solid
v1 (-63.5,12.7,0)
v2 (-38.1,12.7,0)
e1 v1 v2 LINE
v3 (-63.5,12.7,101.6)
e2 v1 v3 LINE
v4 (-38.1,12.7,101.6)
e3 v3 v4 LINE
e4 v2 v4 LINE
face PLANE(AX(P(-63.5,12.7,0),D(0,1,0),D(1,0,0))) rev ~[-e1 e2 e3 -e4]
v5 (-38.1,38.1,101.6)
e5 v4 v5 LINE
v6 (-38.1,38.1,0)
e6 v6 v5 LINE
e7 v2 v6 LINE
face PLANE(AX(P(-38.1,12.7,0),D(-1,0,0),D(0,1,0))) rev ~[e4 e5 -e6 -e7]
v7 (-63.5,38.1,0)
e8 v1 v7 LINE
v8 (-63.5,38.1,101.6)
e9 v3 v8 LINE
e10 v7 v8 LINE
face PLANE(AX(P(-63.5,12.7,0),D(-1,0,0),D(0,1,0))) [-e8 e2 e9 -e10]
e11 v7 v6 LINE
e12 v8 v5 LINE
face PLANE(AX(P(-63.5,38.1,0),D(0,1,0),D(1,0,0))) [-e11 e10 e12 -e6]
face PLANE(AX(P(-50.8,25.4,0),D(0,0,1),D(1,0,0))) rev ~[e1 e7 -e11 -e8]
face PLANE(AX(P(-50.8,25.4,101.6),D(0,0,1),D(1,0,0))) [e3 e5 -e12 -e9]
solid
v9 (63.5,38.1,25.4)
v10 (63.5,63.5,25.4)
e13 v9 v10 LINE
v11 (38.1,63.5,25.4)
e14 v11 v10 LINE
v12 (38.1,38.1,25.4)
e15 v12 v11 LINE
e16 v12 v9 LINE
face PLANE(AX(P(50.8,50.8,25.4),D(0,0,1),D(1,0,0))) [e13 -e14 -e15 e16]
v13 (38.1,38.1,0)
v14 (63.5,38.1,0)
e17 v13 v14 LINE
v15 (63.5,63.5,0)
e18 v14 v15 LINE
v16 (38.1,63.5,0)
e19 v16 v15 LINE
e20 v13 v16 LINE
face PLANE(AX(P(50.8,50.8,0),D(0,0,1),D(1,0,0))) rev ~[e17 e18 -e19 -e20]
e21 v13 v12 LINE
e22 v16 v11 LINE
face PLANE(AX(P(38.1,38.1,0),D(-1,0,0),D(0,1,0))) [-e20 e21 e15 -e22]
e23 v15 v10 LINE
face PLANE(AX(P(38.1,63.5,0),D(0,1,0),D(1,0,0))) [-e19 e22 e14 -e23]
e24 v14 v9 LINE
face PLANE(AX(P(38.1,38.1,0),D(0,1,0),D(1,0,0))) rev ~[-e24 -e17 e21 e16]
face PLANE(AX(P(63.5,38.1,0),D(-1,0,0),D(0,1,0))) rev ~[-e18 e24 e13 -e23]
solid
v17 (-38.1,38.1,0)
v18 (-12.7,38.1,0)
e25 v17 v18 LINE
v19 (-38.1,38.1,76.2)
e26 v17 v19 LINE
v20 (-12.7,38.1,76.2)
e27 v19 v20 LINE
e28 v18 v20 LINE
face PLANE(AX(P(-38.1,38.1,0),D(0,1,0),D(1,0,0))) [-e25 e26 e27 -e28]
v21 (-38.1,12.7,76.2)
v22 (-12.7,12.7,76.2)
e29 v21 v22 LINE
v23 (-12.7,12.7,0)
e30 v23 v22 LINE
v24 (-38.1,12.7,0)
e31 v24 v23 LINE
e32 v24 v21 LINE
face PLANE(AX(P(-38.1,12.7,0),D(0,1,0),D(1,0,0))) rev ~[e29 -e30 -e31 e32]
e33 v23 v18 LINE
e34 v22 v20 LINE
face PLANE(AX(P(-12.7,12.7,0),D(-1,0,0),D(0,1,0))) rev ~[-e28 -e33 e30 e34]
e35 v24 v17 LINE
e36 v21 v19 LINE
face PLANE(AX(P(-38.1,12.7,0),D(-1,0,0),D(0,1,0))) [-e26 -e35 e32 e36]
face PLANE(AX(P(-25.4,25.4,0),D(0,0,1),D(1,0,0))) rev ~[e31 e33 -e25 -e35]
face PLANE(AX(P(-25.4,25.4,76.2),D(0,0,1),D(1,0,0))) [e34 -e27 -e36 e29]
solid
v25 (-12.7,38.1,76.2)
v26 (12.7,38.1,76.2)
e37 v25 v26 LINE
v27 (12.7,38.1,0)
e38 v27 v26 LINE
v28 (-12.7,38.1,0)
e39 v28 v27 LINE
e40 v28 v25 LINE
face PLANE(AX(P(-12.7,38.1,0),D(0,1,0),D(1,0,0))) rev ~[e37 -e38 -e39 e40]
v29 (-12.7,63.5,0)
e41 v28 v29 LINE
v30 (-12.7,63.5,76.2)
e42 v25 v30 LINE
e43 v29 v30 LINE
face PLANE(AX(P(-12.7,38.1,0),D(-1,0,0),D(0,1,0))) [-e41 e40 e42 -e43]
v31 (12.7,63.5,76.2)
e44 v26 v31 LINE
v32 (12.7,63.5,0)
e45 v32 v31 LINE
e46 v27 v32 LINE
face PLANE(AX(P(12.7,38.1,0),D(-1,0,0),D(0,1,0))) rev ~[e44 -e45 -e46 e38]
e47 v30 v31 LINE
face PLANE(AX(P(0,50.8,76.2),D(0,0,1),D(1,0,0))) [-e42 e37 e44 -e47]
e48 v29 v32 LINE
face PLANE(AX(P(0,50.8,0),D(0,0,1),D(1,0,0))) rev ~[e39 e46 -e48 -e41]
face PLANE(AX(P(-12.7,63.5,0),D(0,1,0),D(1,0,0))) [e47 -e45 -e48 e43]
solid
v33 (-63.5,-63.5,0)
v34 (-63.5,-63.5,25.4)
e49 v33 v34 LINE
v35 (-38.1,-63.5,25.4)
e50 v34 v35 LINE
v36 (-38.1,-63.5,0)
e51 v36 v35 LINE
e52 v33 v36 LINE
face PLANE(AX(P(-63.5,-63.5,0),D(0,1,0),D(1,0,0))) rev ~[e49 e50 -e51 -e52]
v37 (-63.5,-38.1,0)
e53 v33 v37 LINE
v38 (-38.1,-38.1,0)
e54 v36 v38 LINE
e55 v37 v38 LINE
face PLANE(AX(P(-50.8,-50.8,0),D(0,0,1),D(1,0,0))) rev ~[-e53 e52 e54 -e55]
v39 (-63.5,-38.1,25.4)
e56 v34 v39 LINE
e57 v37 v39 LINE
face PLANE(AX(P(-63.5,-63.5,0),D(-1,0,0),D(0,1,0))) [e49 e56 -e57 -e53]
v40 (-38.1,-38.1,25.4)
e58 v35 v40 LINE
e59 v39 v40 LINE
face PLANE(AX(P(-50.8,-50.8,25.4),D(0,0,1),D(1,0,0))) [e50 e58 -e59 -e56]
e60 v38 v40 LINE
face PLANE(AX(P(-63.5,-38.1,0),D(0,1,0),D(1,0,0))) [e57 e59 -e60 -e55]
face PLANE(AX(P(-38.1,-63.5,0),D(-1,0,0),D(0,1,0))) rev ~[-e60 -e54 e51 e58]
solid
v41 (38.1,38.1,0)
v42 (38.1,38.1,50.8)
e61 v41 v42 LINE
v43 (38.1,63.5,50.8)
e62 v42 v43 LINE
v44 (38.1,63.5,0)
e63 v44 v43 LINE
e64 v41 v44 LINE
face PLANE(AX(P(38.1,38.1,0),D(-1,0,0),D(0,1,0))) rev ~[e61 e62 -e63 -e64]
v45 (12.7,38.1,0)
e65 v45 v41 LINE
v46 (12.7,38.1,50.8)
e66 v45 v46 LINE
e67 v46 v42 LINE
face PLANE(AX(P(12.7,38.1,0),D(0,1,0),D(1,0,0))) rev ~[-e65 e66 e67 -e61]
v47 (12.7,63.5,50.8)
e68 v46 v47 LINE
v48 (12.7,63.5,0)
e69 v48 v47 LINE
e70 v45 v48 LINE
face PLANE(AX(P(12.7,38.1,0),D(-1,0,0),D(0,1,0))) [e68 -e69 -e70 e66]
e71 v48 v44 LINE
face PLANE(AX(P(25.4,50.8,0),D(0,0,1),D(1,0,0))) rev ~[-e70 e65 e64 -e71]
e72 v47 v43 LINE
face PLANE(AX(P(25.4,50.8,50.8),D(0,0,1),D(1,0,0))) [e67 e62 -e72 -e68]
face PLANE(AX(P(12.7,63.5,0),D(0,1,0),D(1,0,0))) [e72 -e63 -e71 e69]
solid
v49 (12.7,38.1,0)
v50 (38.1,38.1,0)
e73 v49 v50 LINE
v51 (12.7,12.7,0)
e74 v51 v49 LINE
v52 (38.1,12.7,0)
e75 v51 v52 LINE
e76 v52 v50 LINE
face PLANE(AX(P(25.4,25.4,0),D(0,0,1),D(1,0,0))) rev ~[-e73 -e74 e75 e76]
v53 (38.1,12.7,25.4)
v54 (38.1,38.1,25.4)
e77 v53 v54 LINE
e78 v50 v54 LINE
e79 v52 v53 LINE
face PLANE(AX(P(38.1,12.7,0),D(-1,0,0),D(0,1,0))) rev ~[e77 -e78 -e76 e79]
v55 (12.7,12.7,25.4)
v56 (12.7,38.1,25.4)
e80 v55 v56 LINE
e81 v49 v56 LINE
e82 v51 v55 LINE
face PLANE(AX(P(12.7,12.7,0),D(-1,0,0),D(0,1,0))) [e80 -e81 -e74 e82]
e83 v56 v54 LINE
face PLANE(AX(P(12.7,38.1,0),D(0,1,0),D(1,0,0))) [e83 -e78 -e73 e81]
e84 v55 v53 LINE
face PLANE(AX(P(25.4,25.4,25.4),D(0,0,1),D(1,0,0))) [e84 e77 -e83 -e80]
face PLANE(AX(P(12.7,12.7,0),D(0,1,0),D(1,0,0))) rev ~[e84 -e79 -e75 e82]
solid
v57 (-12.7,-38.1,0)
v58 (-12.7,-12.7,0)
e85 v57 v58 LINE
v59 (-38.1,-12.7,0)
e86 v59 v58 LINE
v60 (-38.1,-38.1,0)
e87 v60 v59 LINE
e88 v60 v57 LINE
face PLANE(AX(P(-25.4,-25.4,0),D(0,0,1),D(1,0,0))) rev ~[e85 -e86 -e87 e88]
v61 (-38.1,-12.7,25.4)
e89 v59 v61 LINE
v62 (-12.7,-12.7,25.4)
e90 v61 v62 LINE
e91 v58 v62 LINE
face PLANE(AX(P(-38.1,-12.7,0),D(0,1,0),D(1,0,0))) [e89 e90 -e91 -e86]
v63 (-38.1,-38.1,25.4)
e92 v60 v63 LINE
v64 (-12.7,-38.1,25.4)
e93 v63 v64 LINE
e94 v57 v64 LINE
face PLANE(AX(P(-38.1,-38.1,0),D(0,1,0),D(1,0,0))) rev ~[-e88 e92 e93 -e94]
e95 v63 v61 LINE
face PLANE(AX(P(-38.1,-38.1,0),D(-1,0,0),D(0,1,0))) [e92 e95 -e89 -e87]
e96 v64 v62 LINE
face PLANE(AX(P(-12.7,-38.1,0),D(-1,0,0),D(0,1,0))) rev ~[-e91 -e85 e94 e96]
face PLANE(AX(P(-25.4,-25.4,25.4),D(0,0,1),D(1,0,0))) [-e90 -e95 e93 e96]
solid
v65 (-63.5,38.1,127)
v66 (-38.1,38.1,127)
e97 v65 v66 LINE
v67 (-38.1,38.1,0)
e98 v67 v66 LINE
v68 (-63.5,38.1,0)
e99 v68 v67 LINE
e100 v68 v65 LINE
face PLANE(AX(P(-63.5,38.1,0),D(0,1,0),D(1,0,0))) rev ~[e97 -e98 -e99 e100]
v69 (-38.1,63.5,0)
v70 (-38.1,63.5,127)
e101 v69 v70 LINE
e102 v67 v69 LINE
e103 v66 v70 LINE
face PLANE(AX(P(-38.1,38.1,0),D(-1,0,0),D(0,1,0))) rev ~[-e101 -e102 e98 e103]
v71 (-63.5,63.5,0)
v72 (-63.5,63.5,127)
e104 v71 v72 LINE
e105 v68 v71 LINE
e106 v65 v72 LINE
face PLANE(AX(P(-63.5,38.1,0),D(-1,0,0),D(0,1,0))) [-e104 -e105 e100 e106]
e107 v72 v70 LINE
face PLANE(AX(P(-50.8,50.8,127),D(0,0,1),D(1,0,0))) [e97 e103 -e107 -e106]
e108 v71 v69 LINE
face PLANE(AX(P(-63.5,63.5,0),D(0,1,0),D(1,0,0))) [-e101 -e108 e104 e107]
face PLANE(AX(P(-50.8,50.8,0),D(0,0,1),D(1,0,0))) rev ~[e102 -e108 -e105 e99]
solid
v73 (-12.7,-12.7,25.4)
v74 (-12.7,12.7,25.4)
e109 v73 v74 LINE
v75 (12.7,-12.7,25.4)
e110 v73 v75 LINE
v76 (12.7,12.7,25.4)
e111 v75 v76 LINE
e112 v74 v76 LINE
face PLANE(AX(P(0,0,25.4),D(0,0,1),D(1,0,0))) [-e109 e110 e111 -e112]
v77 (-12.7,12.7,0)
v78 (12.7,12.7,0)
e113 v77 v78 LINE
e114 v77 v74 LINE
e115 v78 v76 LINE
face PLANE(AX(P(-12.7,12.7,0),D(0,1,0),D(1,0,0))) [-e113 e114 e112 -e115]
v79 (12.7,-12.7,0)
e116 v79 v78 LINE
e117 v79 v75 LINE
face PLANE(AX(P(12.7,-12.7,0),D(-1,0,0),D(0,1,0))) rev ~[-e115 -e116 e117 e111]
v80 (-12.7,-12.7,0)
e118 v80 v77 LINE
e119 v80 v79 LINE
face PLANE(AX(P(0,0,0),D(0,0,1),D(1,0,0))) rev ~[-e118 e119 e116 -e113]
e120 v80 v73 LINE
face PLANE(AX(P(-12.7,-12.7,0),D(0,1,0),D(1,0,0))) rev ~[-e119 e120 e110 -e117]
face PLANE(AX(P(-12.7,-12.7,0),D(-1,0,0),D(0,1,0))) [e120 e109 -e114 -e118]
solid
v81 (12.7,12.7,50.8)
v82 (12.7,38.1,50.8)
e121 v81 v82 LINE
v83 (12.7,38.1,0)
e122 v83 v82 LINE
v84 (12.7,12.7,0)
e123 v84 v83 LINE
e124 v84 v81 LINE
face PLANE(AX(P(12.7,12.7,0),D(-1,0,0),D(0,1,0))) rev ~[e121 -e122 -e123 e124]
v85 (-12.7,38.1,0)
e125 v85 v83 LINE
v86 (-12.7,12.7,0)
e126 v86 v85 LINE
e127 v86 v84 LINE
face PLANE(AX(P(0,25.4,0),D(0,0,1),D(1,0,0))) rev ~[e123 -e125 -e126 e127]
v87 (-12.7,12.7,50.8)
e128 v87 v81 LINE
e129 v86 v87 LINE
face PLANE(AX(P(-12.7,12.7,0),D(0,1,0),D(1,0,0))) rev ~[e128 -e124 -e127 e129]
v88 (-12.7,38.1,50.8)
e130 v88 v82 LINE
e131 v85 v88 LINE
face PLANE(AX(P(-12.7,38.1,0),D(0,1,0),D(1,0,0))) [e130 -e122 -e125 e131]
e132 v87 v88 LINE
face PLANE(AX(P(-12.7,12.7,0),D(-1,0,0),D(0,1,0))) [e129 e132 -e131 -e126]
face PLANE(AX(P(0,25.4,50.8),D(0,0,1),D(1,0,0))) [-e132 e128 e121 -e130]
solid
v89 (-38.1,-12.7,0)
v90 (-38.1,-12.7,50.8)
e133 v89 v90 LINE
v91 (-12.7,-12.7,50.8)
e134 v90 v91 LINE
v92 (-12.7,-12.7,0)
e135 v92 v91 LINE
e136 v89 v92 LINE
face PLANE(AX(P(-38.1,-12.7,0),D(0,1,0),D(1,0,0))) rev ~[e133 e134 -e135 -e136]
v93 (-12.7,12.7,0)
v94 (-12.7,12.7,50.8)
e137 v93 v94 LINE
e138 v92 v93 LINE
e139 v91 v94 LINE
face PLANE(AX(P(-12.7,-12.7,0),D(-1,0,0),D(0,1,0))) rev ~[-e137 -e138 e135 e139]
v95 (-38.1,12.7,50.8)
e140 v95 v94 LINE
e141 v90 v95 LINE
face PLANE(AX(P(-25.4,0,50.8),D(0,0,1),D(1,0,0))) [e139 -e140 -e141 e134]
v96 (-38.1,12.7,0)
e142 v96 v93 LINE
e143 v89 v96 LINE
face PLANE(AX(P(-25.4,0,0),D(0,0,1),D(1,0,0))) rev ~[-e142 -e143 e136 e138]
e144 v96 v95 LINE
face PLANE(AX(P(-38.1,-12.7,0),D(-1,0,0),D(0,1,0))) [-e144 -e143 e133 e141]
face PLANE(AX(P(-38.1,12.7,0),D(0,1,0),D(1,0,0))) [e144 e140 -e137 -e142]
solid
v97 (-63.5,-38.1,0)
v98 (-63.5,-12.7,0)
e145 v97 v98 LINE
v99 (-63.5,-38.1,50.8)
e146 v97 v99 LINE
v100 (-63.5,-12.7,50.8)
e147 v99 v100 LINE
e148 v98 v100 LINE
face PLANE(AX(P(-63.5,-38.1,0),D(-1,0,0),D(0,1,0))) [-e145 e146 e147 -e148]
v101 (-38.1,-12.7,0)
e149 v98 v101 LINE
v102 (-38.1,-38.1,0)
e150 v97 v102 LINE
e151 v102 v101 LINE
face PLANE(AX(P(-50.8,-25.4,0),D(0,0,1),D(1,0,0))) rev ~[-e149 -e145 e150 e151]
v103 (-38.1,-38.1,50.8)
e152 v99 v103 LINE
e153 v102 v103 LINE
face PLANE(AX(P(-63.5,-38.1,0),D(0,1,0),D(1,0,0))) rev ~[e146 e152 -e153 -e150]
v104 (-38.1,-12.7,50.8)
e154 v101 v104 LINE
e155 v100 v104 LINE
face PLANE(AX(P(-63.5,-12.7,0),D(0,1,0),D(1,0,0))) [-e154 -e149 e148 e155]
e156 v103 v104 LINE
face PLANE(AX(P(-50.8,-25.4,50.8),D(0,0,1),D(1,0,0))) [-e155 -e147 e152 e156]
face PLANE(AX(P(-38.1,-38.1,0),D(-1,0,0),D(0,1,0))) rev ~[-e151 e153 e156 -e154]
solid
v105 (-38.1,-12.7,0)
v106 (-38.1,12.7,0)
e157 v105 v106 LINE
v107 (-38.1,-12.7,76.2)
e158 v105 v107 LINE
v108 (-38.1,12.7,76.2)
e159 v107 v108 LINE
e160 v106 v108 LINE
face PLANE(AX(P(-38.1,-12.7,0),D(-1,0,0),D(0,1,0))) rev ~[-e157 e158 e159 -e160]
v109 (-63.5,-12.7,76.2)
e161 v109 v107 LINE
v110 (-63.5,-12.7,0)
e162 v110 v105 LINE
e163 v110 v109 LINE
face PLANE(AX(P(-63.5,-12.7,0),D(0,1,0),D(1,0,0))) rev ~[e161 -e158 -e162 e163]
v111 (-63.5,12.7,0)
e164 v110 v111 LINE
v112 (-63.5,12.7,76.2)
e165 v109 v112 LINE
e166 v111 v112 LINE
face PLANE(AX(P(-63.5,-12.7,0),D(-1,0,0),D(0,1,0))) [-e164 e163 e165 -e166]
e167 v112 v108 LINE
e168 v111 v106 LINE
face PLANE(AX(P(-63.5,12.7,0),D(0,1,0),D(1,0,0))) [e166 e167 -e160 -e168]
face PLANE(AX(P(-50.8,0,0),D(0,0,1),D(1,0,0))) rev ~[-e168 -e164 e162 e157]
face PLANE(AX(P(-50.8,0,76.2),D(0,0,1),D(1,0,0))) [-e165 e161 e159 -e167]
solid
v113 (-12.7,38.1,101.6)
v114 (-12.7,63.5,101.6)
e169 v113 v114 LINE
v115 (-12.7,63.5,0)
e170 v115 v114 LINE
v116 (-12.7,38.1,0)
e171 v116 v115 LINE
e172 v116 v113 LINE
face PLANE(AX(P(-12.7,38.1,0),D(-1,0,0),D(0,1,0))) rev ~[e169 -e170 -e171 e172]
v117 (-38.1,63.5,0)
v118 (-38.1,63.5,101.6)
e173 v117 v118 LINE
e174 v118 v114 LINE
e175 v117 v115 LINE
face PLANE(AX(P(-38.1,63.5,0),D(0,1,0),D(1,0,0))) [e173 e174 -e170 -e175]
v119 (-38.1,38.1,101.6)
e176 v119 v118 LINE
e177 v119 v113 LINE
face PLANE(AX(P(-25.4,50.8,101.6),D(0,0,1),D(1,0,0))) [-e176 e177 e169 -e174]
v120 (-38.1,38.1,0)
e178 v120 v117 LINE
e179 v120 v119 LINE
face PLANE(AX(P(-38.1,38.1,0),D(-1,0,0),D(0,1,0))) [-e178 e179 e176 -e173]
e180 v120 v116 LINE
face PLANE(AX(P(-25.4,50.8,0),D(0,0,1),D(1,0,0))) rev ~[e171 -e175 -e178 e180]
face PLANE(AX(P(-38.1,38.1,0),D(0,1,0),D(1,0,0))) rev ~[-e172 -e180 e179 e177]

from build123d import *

# Parameters (mm, degrees)
F0_W     = 25.4
F0_H     = 25.4
F1_DEPTH = 25.4
F2_W     = 25.4
F2_H     = 25.4
F3_DEPTH = 50.8
F4_W     = 25.4
F4_H     = 25.4
F5_DEPTH = 76.2
F6_W     = 25.4
F6_H     = 25.4
F7_DEPTH = 101.6
F8_W     = 25.4
F8_H     = 25.4
F9_DEPTH = 127


with BuildPart() as f1:
    # F0 (on Top) → F1 (new body)
    with BuildSketch(Plane.XY):
        with Locations((-25.4, -25.4)):
            Rectangle(F0_W, F0_H)
        with Locations((-50.8, -50.8)):
            Rectangle(F0_W, F0_H)
        Rectangle(F0_W, F0_H)
        with Locations((25.4, 25.4)):
            Rectangle(F0_W, F0_H)
        with Locations((50.8, 50.8)):
            Rectangle(F0_W, F0_H)
    extrude(amount=F1_DEPTH)


with BuildPart() as f3:
    # F2 (on Top) → F3 (new body)
    with BuildSketch(Plane.XY):
        with Locations((-50.8, -25.4)):
            Rectangle(F2_W, F2_H)
        with Locations((25.4, 50.8)):
            Rectangle(F2_W, F2_H)
        with Locations((0, 25.4)):
            Rectangle(F2_W, F2_H)
        with Locations((-25.4, 0)):
            Rectangle(F2_W, F2_H)
    extrude(amount=F3_DEPTH)


with BuildPart() as f5:
    # F4 (on Top) → F5 (new body)
    with BuildSketch(Plane.XY):
        with Locations((-50.8, 0)):
            Rectangle(F4_W, F4_H)
        with Locations((-25.4, 25.4)):
            Rectangle(F4_W, F4_H)
        with Locations((0, 50.8)):
            Rectangle(F4_W, F4_H)
    extrude(amount=F5_DEPTH)


with BuildPart() as f7:
    # F6 (on Top) → F7 (new body)
    with BuildSketch(Plane.XY):
        with Locations((-50.8, 25.4)):
            Rectangle(F6_W, F6_H)
        with Locations((-25.4, 50.8)):
            Rectangle(F6_W, F6_H)
    extrude(amount=F7_DEPTH)


with BuildPart() as f9:
    # F8 (on Top) → F9 (new body)
    with BuildSketch(Plane.XY):
        with Locations((-50.8, 50.8)):
            Rectangle(F8_W, F8_H)
    extrude(amount=F9_DEPTH)


solid = Compound([f1.part, f3.part, f5.part, f7.part, f9.part])
